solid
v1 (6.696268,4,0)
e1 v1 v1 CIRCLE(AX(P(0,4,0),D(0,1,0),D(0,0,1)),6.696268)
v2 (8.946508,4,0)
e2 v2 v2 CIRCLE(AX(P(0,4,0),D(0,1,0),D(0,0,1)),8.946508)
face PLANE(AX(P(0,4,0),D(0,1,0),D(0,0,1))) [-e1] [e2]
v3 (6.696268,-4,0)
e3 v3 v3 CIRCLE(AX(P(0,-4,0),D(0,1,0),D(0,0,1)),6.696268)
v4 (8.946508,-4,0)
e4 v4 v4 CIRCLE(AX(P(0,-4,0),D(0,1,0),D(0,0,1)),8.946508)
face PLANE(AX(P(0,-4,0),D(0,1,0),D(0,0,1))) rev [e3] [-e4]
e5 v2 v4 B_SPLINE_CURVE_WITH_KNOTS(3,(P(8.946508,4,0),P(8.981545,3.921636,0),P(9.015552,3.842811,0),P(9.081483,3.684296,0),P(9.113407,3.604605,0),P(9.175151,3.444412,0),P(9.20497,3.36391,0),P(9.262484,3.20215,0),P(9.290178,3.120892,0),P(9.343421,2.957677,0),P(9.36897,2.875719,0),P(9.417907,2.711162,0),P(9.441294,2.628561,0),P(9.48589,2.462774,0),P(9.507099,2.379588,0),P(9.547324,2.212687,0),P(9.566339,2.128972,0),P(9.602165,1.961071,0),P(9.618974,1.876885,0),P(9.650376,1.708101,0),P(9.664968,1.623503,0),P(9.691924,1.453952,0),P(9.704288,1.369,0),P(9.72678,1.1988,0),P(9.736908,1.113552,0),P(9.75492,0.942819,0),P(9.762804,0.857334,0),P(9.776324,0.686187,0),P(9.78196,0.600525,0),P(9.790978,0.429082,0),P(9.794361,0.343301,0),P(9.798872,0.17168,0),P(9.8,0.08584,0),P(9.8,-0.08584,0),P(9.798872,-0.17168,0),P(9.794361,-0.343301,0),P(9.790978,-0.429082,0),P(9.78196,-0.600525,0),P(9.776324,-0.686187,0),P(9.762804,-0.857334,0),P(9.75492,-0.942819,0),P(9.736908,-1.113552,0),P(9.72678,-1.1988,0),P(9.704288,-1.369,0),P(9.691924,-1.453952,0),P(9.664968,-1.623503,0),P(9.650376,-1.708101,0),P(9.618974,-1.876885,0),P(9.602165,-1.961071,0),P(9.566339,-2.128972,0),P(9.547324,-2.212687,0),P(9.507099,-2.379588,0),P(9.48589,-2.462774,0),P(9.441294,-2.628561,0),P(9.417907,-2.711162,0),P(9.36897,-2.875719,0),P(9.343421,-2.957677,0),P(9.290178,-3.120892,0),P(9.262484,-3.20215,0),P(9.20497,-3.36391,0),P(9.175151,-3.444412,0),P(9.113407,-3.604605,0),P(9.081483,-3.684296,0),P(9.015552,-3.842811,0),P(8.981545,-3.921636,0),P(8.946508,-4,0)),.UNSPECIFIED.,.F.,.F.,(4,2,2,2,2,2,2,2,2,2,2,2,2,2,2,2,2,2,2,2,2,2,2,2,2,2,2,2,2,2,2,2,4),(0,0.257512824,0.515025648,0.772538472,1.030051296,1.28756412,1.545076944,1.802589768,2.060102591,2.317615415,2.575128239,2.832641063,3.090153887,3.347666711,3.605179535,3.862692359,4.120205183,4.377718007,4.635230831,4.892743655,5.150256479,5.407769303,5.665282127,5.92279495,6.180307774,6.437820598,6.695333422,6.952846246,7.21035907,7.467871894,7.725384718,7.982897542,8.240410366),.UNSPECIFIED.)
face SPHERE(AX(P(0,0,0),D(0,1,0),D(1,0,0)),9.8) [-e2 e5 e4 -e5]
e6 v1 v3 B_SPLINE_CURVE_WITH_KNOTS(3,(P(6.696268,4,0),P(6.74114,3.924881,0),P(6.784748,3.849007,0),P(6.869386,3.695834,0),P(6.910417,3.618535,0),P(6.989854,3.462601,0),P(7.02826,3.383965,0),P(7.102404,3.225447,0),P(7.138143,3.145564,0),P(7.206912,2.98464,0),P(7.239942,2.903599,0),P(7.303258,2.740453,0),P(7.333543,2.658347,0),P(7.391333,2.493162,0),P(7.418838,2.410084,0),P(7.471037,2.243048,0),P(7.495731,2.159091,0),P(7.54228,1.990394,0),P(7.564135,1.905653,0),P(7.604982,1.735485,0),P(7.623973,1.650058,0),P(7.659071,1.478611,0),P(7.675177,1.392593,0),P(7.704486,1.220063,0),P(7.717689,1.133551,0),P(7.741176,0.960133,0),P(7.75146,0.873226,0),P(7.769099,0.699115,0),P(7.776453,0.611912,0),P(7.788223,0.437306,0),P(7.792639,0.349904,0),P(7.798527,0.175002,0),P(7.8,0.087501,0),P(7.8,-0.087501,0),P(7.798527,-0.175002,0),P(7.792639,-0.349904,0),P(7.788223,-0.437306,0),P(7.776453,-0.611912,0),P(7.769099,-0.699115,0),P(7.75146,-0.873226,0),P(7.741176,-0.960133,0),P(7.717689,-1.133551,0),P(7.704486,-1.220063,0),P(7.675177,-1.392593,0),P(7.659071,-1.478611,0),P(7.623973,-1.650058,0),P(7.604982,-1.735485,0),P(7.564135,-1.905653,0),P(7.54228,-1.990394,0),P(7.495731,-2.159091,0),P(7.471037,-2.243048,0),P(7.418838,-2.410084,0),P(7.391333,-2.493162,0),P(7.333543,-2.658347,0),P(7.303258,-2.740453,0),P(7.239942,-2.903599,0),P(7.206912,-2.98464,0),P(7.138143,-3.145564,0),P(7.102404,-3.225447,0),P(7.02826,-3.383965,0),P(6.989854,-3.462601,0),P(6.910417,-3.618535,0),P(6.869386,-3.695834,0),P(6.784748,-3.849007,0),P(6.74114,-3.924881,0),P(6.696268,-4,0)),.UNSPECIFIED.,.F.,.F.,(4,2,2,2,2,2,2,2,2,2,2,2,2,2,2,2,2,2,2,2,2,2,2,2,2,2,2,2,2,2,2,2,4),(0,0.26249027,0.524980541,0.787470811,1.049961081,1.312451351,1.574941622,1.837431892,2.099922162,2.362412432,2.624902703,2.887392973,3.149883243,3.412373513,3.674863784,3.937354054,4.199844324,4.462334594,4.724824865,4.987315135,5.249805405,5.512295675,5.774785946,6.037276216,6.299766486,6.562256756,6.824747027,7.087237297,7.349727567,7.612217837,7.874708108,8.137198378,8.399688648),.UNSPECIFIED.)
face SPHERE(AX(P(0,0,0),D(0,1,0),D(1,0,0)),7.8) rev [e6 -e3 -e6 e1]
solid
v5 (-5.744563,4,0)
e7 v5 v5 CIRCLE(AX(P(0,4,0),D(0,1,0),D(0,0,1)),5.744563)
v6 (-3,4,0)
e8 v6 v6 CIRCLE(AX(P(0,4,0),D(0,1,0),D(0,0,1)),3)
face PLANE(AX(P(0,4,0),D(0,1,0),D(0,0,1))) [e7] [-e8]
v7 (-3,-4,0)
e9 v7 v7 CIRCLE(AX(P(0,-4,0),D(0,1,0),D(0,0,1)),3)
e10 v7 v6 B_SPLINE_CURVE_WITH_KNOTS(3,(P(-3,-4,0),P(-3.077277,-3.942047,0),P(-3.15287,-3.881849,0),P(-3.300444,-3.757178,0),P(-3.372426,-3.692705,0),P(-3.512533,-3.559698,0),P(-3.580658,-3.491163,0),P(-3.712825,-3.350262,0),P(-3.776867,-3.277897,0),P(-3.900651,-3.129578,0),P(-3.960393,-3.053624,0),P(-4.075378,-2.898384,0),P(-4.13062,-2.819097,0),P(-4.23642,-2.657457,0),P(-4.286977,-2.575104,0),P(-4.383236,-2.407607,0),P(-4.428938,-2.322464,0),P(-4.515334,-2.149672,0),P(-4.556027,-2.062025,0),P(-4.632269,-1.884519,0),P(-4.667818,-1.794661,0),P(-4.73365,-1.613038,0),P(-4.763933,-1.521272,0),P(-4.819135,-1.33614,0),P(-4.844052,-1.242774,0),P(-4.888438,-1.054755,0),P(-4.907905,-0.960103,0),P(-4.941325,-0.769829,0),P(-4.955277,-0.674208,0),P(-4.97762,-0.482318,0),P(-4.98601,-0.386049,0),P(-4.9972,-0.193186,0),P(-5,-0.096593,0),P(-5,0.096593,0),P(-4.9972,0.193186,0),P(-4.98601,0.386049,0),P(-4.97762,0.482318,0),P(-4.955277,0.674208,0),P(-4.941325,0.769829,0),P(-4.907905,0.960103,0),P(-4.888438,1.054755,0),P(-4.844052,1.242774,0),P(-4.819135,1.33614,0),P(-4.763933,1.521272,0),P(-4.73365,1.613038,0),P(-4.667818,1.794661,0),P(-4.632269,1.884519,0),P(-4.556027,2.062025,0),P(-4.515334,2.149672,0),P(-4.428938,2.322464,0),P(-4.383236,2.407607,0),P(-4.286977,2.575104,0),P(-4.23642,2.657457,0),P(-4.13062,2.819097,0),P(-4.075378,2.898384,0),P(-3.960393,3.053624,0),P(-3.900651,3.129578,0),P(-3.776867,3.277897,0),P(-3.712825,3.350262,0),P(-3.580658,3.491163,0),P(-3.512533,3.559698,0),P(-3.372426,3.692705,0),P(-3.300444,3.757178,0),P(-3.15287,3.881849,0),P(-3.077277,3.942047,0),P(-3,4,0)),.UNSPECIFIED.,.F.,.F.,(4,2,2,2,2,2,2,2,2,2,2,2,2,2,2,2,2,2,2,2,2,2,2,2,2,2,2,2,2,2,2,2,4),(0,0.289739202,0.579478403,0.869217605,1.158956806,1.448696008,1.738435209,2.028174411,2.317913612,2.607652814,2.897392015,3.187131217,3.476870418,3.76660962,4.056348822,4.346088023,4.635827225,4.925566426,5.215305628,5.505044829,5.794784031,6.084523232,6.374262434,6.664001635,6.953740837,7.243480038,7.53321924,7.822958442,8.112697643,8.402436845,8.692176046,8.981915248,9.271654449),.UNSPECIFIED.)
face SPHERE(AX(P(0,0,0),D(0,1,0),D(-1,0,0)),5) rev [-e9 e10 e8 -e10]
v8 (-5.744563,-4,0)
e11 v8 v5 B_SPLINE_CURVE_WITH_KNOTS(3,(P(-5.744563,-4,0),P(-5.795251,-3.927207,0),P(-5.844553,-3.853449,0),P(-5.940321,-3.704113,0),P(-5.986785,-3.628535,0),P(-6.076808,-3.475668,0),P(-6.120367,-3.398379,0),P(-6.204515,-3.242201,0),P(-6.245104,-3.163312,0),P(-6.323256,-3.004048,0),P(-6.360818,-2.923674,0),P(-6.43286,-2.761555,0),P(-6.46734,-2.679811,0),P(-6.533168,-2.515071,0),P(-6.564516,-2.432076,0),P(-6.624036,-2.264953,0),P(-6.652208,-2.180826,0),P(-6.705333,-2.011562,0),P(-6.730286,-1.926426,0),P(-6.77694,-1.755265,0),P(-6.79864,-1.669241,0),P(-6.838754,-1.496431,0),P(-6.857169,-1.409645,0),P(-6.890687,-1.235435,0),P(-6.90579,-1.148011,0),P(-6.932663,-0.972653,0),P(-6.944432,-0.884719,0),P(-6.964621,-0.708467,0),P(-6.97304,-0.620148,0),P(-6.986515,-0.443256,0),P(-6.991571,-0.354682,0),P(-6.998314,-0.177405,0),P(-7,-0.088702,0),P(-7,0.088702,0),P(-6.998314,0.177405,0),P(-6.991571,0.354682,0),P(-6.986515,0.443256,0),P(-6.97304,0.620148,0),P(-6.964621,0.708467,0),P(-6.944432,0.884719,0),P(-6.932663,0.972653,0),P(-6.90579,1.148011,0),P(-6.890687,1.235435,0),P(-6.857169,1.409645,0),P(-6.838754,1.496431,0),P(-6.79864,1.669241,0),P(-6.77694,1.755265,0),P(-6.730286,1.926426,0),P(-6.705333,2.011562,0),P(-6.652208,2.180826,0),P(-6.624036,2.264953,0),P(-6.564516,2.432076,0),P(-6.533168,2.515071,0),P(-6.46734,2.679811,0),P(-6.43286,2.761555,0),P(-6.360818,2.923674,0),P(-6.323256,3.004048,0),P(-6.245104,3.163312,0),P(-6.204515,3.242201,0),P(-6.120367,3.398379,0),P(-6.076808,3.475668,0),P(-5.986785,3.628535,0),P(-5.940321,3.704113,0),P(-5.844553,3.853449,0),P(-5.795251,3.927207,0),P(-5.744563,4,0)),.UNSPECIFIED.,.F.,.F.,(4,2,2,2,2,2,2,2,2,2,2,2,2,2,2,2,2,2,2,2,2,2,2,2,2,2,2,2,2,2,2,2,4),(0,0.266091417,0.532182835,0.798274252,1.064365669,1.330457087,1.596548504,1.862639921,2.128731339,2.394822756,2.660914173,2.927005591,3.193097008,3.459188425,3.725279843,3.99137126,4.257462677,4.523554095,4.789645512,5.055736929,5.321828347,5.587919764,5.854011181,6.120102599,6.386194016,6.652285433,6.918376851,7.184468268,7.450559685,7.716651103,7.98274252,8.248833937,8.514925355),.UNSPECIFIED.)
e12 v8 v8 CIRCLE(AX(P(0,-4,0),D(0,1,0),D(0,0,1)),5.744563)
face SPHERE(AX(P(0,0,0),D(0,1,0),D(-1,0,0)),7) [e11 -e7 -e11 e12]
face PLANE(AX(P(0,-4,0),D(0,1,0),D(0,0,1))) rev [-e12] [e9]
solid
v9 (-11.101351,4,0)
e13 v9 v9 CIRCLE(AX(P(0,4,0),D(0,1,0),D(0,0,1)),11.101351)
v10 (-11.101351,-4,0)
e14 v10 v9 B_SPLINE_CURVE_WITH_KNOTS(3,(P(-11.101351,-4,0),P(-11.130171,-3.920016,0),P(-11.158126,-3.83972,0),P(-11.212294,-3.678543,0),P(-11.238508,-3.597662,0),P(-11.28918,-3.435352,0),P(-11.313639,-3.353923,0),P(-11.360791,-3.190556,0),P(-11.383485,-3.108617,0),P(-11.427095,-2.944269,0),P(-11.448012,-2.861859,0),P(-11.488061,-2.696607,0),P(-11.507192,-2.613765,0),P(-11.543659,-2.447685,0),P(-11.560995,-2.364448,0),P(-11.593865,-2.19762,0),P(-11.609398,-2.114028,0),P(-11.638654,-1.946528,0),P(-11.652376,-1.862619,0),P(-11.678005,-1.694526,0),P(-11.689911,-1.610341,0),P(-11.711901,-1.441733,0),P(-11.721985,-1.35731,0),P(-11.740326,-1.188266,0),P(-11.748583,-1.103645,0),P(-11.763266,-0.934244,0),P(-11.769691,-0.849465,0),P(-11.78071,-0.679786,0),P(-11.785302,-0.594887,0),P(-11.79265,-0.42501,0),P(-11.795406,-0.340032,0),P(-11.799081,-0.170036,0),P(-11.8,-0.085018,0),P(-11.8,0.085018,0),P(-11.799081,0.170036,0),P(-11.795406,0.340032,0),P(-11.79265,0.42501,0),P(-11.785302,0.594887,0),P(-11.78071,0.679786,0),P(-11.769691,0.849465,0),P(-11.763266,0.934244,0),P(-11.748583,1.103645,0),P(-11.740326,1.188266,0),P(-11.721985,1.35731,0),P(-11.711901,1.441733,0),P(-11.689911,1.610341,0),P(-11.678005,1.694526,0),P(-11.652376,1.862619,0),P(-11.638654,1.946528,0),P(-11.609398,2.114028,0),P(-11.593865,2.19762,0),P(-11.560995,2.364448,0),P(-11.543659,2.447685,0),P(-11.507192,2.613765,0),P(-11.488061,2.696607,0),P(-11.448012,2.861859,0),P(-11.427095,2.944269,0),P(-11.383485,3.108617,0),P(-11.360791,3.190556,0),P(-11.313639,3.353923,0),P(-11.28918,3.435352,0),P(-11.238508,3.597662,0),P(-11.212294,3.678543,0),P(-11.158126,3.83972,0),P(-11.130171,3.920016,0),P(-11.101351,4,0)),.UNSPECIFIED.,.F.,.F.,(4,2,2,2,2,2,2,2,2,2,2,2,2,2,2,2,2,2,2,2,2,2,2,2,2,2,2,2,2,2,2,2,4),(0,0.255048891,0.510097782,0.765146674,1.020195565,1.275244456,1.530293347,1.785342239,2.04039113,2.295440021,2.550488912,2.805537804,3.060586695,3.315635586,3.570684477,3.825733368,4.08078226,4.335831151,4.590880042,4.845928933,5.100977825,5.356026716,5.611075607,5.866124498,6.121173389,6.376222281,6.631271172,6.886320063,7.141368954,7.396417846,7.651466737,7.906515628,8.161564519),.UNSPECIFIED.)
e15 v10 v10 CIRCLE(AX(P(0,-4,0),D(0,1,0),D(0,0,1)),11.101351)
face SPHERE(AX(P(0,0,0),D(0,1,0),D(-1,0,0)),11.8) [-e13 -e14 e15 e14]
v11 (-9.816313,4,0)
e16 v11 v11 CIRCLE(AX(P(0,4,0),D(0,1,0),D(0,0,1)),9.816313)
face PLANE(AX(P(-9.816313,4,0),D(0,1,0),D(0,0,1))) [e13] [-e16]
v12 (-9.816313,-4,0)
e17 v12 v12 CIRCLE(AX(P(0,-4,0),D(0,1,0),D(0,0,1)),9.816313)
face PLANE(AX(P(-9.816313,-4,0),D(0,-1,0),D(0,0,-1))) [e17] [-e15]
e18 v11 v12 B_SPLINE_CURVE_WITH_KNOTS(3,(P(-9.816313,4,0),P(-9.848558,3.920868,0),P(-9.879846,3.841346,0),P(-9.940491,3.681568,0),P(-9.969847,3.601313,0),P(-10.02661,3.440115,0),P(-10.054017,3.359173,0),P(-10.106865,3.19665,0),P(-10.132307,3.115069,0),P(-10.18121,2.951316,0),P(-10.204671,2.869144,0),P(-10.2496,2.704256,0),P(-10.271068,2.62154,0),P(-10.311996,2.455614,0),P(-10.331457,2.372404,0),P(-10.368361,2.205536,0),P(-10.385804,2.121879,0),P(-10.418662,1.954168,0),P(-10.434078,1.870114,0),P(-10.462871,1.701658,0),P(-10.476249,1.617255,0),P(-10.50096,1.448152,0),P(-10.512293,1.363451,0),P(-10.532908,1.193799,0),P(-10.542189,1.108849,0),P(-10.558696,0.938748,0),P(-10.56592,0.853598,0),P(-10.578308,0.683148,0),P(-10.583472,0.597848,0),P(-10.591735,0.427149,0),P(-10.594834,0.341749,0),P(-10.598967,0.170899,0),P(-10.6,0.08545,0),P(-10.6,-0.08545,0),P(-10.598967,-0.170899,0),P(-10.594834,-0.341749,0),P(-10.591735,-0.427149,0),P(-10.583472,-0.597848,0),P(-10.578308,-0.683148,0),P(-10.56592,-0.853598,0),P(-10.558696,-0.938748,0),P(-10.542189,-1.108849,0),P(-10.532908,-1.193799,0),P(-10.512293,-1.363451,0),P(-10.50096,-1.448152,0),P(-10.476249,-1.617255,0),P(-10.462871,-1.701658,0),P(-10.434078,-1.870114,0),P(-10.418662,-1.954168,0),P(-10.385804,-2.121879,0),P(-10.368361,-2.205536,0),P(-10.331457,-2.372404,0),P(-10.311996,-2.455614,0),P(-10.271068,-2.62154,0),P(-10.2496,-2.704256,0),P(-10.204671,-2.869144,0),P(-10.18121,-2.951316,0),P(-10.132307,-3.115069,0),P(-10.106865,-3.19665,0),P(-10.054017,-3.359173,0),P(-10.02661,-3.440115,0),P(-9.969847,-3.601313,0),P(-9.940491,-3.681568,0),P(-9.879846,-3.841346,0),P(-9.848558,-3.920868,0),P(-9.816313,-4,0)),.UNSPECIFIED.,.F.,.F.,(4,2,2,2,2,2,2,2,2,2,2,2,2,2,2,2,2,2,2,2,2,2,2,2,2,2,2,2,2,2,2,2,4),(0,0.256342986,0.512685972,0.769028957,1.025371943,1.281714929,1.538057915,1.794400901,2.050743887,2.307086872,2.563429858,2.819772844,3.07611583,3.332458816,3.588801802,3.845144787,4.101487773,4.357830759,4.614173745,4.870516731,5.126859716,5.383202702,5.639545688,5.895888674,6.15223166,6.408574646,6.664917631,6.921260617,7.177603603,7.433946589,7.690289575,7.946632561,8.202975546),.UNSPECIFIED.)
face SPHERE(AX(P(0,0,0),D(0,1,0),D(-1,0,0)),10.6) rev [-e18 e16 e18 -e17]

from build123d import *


with BuildPart() as part:
    # Croquis1 → Revolución1 (revolve)
    with BuildSketch(Plane.XY):
        with BuildLine():
            Line((-3, 4), (-5.744562647, 4))
            ThreePointArc((-5.744562647, 4), (-7, 0), (-5.744562647, -4))
            Line((-5.744562647, -4), (-3, -4))
            ThreePointArc((-3, -4), (-5, 0), (-3, 4))
        make_face()
    revolve(axis=Axis((0, 12.754949066, 0), (0, -1, 0)))


with BuildPart() as body_2:
    # Croquis3 → Revolución2 (revolve)
    with BuildSketch(Plane.XY):
        with BuildLine():
            ThreePointArc((6.696267617, -4), (7.8, 0), (6.696267617, 4))
            Line((6.696267617, 4), (8.946507699, 4))
            ThreePointArc((8.946507699, 4), (9.8, 0), (8.946507699, -4))
            Line((8.946507699, -4), (6.696267617, -4))
        make_face()
    revolve(axis=Axis((0, 4.223618172, 0), (0, -1, 0)))


with BuildPart() as body_3:
    # Croquis4 → Revolución3 (revolve)
    with BuildSketch(Plane.XY):
        with BuildLine():
            Line((-9.816312953, 4), (-11.101351269, 4))
            ThreePointArc((-11.101351269, 4), (-11.8, 0), (-11.101351269, -4))
            Line((-11.101351269, -4), (-9.816312953, -4))
            ThreePointArc((-9.816312953, -4), (-10.6, 0), (-9.816312953, 4))
        make_face()
    revolve(axis=Axis((0, 4.326530612, 0), (0, -1, 0)))


solid = Compound([part.part, body_2.part, body_3.part])
